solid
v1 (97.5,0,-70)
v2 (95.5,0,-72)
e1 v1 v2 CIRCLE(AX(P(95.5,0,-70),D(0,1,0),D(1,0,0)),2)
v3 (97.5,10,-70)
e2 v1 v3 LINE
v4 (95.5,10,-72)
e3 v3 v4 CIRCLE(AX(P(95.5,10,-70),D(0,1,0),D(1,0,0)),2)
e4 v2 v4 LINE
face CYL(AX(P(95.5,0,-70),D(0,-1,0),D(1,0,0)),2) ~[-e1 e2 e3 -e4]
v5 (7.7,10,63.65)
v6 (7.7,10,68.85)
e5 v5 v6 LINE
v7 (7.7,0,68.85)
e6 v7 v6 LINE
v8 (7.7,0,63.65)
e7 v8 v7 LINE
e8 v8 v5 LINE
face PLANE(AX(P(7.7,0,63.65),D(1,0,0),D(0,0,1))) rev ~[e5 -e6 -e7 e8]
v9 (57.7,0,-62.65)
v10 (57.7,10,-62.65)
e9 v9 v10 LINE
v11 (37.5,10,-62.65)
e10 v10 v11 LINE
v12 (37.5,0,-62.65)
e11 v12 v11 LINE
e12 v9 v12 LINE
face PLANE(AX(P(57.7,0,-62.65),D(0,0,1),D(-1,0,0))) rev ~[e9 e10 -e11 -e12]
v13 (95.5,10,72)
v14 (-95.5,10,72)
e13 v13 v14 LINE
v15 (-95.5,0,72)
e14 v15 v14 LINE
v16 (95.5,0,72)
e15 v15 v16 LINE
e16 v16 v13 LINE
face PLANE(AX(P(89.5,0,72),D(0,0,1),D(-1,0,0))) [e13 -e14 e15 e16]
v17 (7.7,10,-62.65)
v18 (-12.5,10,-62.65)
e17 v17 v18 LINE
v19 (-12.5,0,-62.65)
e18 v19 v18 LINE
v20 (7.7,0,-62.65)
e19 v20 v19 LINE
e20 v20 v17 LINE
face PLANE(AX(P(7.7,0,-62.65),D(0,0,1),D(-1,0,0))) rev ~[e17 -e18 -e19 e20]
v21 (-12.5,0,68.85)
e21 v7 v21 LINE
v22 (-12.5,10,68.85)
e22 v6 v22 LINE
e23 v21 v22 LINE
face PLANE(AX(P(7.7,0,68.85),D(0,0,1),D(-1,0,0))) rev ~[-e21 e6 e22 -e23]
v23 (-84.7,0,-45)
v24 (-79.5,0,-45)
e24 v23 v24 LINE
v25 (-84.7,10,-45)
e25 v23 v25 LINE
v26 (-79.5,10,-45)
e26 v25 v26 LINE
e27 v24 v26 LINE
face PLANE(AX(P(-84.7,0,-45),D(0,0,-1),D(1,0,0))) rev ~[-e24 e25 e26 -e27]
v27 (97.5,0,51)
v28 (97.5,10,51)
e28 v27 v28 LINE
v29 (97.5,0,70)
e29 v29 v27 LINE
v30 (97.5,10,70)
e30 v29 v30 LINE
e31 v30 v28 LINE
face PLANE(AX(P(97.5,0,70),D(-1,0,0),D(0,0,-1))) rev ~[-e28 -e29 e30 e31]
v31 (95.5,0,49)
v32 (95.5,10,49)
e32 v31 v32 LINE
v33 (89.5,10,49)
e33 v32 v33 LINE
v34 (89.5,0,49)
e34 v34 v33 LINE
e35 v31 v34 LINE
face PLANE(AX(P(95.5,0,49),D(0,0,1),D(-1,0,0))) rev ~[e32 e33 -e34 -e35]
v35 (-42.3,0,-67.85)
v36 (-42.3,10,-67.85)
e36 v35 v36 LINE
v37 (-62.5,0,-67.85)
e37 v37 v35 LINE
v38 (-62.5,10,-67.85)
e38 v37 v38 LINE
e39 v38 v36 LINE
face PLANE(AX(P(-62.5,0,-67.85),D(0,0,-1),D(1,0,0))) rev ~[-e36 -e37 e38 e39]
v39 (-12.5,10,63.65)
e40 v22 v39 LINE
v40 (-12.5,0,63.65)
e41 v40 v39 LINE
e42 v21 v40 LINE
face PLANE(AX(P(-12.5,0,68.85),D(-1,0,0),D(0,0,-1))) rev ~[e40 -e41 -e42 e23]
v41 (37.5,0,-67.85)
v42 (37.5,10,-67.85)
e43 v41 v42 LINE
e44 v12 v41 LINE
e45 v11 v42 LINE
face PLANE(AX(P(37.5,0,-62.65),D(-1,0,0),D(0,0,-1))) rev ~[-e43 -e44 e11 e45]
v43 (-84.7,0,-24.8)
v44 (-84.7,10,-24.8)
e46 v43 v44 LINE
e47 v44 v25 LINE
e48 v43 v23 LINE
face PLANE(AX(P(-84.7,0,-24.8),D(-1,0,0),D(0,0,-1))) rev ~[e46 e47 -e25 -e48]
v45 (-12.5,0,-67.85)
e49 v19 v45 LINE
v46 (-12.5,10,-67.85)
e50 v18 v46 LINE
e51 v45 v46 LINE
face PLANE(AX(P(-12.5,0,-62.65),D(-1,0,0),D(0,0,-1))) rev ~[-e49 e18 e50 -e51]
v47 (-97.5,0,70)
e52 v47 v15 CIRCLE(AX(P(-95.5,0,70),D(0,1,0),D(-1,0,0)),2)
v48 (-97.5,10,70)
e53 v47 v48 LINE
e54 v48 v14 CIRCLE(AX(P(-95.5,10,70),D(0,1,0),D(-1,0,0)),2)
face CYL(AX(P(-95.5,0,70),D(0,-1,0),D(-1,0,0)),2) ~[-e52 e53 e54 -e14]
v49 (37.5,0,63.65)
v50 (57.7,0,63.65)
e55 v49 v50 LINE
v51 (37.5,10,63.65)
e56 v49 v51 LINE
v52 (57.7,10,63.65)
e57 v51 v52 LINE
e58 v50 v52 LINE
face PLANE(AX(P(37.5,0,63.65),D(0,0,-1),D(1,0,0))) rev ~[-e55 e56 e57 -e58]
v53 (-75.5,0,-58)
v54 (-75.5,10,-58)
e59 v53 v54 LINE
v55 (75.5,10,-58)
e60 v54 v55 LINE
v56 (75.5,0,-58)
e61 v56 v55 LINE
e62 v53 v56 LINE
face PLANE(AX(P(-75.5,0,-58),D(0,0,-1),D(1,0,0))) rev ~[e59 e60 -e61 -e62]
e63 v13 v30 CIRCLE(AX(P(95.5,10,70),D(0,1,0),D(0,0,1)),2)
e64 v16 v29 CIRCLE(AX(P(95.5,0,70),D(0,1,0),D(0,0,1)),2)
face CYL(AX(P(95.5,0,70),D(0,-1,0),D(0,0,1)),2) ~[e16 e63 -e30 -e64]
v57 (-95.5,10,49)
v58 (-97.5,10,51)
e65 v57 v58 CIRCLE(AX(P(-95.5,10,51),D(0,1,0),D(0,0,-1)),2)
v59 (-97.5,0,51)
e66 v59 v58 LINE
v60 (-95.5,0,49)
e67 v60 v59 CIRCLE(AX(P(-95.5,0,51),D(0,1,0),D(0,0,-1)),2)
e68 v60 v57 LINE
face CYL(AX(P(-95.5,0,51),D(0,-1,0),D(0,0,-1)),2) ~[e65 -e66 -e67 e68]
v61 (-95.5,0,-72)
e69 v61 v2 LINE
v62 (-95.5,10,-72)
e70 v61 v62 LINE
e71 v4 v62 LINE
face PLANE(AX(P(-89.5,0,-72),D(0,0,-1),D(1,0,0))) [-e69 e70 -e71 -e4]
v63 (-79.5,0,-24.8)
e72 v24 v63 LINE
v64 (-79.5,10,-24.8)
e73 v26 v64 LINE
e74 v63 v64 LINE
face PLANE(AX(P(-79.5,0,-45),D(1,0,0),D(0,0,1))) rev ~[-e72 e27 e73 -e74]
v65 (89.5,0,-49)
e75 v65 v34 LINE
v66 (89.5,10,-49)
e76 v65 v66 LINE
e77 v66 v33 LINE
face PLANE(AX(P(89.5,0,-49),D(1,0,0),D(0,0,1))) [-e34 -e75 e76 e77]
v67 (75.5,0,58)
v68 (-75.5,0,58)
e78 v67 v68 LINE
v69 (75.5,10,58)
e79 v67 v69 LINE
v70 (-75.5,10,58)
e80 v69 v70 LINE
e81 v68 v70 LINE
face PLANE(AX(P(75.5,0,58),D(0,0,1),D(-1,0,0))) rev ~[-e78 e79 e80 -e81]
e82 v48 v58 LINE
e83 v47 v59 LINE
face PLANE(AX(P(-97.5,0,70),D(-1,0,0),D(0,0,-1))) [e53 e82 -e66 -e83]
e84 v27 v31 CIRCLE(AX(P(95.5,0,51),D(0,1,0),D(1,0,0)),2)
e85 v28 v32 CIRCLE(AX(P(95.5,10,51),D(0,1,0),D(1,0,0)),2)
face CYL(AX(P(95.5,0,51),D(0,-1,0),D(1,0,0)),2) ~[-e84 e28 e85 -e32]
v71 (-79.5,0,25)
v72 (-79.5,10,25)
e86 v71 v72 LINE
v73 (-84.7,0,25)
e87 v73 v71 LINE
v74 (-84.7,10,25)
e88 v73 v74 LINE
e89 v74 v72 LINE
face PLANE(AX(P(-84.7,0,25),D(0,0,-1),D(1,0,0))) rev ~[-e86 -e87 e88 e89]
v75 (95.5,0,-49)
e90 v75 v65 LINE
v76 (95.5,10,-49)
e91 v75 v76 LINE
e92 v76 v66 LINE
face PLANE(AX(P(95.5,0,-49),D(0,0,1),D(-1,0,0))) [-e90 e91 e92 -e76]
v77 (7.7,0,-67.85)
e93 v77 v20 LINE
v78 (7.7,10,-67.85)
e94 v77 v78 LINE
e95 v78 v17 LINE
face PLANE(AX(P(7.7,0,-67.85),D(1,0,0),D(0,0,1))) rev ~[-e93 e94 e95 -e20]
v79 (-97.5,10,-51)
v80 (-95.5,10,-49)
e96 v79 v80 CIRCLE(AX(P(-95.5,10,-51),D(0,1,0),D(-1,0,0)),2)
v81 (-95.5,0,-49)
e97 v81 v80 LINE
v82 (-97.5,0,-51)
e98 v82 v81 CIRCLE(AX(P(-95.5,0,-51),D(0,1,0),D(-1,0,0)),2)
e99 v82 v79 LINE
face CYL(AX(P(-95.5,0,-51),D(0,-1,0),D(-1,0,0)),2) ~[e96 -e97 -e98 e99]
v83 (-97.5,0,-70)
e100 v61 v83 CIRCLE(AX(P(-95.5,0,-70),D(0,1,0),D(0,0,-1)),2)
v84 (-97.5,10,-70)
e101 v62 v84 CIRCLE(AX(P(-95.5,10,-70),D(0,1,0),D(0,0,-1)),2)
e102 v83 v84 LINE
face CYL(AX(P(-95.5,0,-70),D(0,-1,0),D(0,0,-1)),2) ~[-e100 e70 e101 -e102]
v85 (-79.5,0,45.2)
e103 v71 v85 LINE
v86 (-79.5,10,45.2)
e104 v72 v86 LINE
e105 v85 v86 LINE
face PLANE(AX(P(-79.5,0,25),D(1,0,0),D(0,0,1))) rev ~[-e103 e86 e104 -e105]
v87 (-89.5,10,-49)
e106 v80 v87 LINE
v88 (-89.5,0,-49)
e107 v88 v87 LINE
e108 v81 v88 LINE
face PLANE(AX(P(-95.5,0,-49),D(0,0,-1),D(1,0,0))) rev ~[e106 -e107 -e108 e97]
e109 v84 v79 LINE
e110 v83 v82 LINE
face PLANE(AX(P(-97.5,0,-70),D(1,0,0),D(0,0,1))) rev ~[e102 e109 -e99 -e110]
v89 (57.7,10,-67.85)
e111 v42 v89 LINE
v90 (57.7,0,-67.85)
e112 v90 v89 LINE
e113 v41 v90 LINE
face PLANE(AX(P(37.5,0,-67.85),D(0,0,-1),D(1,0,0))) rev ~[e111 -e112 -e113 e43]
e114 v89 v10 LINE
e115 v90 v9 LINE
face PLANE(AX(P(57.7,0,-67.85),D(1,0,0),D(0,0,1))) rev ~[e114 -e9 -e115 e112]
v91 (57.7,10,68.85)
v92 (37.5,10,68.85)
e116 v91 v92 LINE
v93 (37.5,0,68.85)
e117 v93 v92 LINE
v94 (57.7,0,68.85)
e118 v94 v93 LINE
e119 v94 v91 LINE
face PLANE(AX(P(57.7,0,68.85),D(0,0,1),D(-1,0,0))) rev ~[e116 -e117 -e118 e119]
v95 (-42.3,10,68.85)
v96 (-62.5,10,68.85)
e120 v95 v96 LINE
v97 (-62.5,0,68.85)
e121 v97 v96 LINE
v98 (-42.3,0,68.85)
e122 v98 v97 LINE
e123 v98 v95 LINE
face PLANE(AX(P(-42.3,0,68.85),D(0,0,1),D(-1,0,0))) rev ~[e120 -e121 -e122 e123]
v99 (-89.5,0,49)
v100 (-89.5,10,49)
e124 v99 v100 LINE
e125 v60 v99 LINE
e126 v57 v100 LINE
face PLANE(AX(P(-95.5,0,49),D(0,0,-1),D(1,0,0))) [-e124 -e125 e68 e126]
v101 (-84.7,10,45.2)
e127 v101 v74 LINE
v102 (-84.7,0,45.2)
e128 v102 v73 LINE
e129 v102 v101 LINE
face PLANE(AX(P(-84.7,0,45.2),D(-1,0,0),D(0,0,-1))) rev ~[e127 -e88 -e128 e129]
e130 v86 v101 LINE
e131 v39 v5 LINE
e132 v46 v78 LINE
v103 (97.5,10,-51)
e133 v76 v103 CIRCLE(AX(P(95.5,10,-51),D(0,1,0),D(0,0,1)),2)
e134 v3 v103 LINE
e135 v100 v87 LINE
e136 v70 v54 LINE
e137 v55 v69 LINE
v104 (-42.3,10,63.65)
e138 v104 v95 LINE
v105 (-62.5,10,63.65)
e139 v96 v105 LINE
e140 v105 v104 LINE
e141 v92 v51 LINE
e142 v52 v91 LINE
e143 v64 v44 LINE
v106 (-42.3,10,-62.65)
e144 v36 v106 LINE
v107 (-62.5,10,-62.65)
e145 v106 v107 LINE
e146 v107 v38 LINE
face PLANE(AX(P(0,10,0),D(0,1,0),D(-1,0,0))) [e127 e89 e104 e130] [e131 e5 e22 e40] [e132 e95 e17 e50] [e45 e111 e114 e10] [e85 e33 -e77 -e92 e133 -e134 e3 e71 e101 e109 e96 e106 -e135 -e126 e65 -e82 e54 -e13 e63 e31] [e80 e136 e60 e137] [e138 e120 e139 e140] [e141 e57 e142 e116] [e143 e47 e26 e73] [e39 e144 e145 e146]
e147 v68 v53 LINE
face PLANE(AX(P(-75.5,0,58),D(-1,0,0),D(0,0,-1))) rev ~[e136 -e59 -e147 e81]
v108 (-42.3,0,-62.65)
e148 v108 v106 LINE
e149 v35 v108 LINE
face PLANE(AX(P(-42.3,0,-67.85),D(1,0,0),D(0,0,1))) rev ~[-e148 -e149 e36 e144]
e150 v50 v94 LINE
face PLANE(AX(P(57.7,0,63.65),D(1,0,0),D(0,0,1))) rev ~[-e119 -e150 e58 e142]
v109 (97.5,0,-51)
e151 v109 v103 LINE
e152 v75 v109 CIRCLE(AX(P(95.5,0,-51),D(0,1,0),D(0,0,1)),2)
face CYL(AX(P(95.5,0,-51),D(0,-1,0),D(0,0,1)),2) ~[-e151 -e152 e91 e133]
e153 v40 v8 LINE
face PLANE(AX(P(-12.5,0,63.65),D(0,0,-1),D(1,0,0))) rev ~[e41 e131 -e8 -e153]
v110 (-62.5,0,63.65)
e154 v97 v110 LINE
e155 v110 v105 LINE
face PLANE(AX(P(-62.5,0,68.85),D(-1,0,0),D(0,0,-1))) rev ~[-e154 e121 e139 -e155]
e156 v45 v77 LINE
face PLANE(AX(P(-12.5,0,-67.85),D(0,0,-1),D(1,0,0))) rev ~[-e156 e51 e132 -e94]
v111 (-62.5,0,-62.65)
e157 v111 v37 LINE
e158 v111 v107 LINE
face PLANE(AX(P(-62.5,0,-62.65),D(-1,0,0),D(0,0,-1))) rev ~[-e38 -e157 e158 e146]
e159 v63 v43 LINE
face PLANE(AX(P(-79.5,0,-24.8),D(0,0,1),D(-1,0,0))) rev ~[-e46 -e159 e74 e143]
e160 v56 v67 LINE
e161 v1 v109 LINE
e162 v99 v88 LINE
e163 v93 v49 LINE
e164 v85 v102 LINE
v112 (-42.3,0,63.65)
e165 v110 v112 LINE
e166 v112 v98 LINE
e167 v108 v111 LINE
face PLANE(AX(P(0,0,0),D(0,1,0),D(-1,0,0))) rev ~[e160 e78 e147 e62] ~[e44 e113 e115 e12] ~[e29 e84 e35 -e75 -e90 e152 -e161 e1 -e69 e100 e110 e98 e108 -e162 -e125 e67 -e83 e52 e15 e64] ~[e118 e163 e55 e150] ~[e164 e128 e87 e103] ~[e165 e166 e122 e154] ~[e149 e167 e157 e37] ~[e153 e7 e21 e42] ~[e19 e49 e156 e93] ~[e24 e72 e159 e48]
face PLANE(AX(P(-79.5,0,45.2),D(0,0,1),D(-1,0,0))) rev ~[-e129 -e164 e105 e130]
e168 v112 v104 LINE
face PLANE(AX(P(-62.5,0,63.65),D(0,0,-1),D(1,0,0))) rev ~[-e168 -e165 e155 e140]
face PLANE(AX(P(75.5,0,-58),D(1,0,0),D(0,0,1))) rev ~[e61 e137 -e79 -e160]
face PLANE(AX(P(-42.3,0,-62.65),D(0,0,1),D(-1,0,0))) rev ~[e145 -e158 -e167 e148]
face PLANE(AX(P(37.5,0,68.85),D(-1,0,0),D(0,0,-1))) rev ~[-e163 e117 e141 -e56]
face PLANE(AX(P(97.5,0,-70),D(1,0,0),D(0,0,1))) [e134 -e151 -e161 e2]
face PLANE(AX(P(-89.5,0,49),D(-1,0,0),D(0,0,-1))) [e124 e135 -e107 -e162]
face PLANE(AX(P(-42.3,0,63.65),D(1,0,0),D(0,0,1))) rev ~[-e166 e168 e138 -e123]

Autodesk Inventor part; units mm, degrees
ref_plane "YZ Plane" through (0, 0, 0) normal (1, 0, 0) x (0, 1, 0)
ref_plane "XZ Plane" through (0, 0, 0) normal (0, 1, 0) x (-1, 0, 0)
ref_plane "XY Plane" through (0, 0, 0) normal (0, 0, 1) x (1, 0, 0)
sketch "Sketch1" plane through (0, 0, 0) normal (0, 1, 0) x (-1, 0, 0)
  line L0 (-89.5, 72) -> (89.5, 72)
  line L1 (89.5, 72) -> (89.5, -72)
  line L2 (89.5, -72) -> (-89.5, -72)
  line L3 (-89.5, -72) -> (-89.5, 72)
  line L4 (-89.5, 72) -> (89.5, -72) construction
  line L5 (89.5, 72) -> (-89.5, -72) construction
  line L6 (-75.5, 58) -> (75.5, 58)
  line L7 (75.5, 58) -> (75.5, -58)
  line L8 (75.5, -58) -> (-75.5, -58)
  line L9 (-75.5, -58) -> (-75.5, 58)
  line L10 (-75.5, 58) -> (75.5, -58) construction
  line L11 (75.5, 58) -> (-75.5, -58) construction
  line L12 (-89.5, -72) -> (-95.5, -72)
  line L13 (-97.5, -70) -> (-97.5, -51)
  line L14 (-95.5, -49) -> (-89.5, -49)
  line L15 (-89.5, -49) -> (-89.5, -72)
  line L16 (-89.5, 72) -> (-95.5, 72)
  line L17 (-97.5, 70) -> (-97.5, 51)
  line L18 (-95.5, 49) -> (-89.5, 49)
  line L19 (-89.5, 49) -> (-89.5, 72)
  line L20 (89.5, -72) -> (95.5, -72)
  line L21 (97.5, -70) -> (97.5, -51)
  line L22 (95.5, -49) -> (89.5, -49)
  line L23 (89.5, -49) -> (89.5, -72)
  line L24 (89.5, 72) -> (95.5, 72)
  line L25 (97.5, 70) -> (97.5, 51)
  line L26 (95.5, 49) -> (89.5, 49)
  line L27 (89.5, 49) -> (89.5, 72)
  line L28 (62.5, -67.85) -> (42.3, -67.85)
  line L29 (42.3, -67.85) -> (42.3, -62.65)
  line L30 (42.3, -62.65) -> (62.5, -62.65)
  line L31 (62.5, -62.65) -> (62.5, -67.85)
  line L32 (-7.7, -67.85) -> (-7.7, -62.65)
  line L33 (12.5, -62.65) -> (12.5, -67.85)
  line L34 (-7.7, -62.65) -> (12.5, -62.65)
  line L35 (12.5, -67.85) -> (-7.7, -67.85)
  line L36 (-57.7, -67.85) -> (-57.7, -62.65)
  line L37 (-37.5, -62.65) -> (-37.5, -67.85)
  line L38 (-57.7, -62.65) -> (-37.5, -62.65)
  line L39 (-37.5, -67.85) -> (-57.7, -67.85)
  line L40 (42.3, 63.65) -> (42.3, 68.85)
  line L41 (62.5, 68.85) -> (62.5, 63.65)
  line L42 (42.3, 68.85) -> (62.5, 68.85)
  line L43 (62.5, 63.65) -> (42.3, 63.65)
  line L44 (-7.7, 63.65) -> (-7.7, 68.85)
  line L45 (12.5, 68.85) -> (12.5, 63.65)
  line L46 (-7.7, 68.85) -> (12.5, 68.85)
  line L47 (12.5, 63.65) -> (-7.7, 63.65)
  line L48 (-57.7, 63.65) -> (-57.7, 68.85)
  line L49 (-37.5, 68.85) -> (-37.5, 63.65)
  line L50 (-57.7, 68.85) -> (-37.5, 68.85)
  line L51 (-37.5, 63.65) -> (-57.7, 63.65)
  arc A0 (95.5, -72) -> (97.5, -70) centre (95.5, -70) ccw
  arc A1 (97.5, -51) -> (95.5, -49) centre (95.5, -51) ccw
  arc A2 (95.5, 49) -> (97.5, 51) centre (95.5, 51) ccw
  arc A3 (97.5, 70) -> (95.5, 72) centre (95.5, 70) ccw
  arc A4 (-95.5, 72) -> (-97.5, 70) centre (-95.5, 70) ccw
  arc A5 (-97.5, 51) -> (-95.5, 49) centre (-95.5, 51) ccw
  arc A6 (-95.5, -49) -> (-97.5, -51) centre (-95.5, -51) ccw
  arc A7 (-97.5, -70) -> (-95.5, -72) centre (-95.5, -70) ccw
  line L52 (84.7, -45) -> (79.5, -45)
  line L53 (79.5, -45) -> (79.5, -24.8)
  line L54 (79.5, -24.8) -> (84.7, -24.8)
  line L55 (84.7, -24.8) -> (84.7, -45)
  line L56 (84.7, 45.2) -> (84.7, 25)
  line L57 (79.5, 25) -> (79.5, 45.2)
  line L58 (84.7, 25) -> (79.5, 25)
  line L59 (79.5, 45.2) -> (84.7, 45.2)
  point P0 (0, 0)
  point P1 (-97.5, -49)
  point P2 (-97.5, -72)
  point P3 (-97.5, 49)
  point P4 (-97.5, 72)
  point P5 (97.5, -49)
  point P6 (97.5, -72)
  point P7 (97.5, 49)
  point P8 (97.5, 72)
  dimension "d0" = 179
  dimension "d1" = 144
  dimension "d2" = 151
  dimension "d3" = 116
  dimension "d4" = 8
  dimension "d5" = 23
  dimension "d6" = 8
  dimension "d7" = 23
  dimension "d8" = 8
  dimension "d9" = 23
  dimension "d10" = 8
  dimension "d11" = 23
  dimension "d12" = 20.2
  dimension "d13" = 5.2
  dimension "d14" = 4.15
  dimension "d15" = 13
  dimension "d18" = 50
  dimension "d21" = 131.5
  dimension "d24" = 2
  dimension "d25" = 5.2
  dimension "d26" = 20.2
  dimension "d27" = 4
  dimension "d28" = 13
  dimension "d31" = 70
extrude "Extrusion1" add sketch "Sketch1" along normal blind 10
equation "\"d6\" = d4"
equation "\"d7\" = d5"
equation "\"d8\" = d4"
equation "\"d9\" = d5"
equation "\"d10\" = d4"
equation "\"d11\" = d5"
equation "\"d25\" = d13"
equation "\"d26\" = d12"
equation "\"d28\" = d15"
properties part number "Bottom_bracket"
